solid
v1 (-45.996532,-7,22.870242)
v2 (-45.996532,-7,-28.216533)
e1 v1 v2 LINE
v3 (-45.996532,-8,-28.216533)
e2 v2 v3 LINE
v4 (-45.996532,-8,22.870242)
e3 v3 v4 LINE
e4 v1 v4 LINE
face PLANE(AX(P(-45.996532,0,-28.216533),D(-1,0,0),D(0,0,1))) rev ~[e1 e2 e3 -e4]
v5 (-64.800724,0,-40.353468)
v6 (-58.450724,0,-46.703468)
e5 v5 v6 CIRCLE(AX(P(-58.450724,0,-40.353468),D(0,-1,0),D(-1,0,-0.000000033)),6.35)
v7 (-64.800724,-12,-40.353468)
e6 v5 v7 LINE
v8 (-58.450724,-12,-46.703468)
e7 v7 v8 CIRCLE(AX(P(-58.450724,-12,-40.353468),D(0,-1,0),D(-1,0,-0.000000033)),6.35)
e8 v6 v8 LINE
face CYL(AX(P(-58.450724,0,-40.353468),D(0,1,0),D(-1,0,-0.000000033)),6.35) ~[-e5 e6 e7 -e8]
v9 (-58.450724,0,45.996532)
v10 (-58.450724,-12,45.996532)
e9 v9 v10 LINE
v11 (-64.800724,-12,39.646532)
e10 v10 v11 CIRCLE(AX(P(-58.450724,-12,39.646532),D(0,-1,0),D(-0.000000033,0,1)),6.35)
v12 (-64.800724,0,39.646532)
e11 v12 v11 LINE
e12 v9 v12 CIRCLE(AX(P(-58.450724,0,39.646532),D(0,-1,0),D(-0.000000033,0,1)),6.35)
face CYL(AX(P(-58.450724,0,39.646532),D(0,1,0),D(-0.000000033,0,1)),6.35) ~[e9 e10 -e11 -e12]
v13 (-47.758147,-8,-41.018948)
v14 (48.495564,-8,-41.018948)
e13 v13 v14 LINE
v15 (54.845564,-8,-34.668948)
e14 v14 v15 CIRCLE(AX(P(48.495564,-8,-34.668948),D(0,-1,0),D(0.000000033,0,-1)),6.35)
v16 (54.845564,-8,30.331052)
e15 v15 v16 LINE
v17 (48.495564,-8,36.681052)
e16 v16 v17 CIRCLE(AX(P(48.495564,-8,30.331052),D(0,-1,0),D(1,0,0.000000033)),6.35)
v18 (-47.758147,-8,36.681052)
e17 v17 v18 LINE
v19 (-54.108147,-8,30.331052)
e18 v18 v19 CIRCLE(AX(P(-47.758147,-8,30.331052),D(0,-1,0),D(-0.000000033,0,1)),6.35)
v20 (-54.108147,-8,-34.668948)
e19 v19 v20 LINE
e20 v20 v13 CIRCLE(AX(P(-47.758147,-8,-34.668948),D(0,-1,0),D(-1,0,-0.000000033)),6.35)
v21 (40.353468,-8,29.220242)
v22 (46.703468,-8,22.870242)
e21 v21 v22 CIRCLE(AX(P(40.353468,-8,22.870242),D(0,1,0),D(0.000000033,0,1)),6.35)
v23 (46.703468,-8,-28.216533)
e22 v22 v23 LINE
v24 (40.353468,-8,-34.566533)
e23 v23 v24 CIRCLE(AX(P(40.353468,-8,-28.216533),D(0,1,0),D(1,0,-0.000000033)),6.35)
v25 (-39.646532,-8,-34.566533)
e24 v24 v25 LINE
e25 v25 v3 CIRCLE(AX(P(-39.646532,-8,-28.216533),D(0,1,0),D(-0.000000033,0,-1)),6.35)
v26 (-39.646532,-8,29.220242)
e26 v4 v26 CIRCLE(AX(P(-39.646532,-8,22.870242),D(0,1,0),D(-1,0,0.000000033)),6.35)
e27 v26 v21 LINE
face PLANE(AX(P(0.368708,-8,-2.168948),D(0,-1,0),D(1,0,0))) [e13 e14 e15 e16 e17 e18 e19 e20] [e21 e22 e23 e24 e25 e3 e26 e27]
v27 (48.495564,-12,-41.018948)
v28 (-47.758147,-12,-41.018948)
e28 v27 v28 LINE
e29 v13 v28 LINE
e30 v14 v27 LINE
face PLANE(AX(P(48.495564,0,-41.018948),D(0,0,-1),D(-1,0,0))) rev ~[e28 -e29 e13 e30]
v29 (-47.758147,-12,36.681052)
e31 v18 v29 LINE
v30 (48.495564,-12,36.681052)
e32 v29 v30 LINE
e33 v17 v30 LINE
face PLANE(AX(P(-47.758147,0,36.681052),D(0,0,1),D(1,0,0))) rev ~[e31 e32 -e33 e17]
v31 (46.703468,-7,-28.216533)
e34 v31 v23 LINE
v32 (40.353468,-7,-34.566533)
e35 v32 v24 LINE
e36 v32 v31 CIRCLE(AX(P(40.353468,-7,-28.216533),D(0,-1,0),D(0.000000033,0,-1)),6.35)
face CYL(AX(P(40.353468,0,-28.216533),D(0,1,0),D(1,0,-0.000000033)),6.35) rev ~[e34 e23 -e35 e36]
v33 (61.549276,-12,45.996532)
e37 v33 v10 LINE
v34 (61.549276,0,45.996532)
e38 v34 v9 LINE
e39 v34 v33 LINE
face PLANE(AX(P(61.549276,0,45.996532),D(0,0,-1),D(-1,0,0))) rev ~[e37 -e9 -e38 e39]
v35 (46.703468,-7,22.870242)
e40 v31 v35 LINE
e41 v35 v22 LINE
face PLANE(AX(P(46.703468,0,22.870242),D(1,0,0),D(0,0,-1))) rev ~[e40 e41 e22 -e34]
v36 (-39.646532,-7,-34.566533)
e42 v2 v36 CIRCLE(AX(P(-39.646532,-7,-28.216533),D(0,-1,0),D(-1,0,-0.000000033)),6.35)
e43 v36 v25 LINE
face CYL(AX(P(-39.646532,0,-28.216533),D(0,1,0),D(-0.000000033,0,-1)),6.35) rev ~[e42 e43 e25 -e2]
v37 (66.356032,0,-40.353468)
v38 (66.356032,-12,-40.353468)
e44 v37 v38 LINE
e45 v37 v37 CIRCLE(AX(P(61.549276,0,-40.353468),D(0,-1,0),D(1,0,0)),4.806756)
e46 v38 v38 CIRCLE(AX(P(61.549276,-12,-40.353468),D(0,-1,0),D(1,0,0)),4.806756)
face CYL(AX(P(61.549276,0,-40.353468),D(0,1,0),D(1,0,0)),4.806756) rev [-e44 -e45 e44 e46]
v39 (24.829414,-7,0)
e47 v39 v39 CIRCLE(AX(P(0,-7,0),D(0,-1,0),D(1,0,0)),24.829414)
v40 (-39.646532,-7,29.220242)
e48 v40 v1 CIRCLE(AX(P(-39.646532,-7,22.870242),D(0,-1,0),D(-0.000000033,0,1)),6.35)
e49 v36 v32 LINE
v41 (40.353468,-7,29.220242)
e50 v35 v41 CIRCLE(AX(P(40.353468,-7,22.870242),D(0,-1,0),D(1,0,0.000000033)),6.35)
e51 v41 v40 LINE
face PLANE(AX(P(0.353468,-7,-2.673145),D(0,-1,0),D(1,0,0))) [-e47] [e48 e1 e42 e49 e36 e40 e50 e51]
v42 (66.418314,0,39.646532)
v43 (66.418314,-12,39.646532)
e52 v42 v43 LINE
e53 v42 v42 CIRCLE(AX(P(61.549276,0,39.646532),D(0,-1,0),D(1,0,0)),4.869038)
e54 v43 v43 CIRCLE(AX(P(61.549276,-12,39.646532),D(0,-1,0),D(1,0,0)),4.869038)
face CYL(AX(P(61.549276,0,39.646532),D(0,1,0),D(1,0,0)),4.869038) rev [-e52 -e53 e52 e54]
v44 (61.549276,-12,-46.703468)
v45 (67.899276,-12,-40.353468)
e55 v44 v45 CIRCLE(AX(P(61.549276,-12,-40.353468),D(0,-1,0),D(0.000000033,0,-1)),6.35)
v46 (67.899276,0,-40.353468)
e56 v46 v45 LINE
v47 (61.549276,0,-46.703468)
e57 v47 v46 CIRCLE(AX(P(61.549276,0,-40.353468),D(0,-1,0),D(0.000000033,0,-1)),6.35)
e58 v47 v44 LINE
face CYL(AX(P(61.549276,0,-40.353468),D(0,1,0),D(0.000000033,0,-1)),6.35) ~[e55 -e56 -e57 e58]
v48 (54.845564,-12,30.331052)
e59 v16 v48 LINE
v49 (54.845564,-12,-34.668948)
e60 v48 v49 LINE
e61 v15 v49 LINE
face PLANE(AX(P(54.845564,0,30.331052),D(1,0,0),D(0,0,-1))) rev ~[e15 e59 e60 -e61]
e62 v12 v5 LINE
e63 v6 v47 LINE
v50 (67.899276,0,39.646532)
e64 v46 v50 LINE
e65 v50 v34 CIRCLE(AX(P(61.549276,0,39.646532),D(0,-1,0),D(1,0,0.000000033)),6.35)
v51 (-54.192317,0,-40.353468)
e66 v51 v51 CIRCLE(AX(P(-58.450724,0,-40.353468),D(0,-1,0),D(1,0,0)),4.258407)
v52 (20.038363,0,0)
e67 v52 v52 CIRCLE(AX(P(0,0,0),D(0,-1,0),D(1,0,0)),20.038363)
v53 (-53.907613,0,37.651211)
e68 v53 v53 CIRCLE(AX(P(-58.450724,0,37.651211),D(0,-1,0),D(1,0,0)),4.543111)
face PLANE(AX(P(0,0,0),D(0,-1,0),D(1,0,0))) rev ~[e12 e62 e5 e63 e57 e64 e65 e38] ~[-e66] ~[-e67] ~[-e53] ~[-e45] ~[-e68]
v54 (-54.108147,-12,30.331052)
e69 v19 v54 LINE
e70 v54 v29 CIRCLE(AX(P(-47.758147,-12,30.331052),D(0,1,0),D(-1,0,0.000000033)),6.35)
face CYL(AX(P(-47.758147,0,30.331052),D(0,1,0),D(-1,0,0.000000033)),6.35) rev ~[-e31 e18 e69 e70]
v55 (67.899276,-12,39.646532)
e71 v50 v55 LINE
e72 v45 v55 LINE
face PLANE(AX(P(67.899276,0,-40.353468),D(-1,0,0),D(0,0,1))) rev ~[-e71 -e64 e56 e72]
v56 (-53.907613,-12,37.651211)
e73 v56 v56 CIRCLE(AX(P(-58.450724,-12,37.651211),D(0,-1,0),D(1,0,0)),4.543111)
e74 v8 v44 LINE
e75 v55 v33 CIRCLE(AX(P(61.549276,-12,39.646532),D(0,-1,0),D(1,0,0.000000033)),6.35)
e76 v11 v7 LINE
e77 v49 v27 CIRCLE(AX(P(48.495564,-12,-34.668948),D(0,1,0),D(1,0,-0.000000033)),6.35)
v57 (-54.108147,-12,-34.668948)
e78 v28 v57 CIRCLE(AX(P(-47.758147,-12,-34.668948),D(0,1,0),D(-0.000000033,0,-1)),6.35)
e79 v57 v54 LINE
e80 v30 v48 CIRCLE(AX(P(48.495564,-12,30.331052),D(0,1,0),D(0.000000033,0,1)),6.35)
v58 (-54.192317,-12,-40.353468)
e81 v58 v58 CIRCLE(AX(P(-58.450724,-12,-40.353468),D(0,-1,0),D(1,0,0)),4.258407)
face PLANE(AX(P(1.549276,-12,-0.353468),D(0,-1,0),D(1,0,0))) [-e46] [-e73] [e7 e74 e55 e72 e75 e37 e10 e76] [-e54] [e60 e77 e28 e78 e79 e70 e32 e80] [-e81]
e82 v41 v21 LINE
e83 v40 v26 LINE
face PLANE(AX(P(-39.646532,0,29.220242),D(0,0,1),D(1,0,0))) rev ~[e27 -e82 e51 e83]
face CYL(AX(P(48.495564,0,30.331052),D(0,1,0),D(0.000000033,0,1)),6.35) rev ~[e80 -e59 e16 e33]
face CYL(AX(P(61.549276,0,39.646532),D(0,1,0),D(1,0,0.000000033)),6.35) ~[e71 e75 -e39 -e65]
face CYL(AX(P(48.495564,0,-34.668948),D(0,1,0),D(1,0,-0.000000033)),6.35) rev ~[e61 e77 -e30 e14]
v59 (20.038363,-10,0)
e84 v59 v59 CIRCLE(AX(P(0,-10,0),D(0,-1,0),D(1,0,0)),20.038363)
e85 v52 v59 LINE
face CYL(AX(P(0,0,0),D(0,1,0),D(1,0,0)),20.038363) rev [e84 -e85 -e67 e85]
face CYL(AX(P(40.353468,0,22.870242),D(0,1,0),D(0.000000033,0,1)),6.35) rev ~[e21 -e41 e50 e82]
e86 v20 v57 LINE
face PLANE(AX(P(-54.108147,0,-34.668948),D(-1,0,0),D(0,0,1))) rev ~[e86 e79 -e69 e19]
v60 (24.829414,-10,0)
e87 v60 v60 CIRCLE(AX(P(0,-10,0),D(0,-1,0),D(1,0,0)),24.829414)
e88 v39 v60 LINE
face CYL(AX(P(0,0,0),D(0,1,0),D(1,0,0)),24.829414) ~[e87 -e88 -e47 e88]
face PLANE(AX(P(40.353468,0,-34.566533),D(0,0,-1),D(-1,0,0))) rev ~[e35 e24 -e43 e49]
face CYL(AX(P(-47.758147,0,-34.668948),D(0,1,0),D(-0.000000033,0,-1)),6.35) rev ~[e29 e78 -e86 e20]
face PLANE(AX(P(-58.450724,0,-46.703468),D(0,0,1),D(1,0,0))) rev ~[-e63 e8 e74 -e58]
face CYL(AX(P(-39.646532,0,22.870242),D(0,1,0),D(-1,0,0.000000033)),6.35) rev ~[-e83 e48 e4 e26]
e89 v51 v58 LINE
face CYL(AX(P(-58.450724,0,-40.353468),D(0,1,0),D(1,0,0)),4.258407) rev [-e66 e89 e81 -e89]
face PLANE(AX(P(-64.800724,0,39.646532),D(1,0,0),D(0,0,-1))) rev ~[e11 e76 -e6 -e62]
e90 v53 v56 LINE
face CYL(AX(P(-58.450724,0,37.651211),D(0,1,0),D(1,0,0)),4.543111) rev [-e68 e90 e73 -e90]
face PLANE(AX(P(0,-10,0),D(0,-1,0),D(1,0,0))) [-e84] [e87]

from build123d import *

# Parameters (mm, degrees)
F0_R     = 4.258407
F0_R_2   = 4.806756
F0_R_3   = 4.543111
F0_R_4   = 4.869038
F1_DEPTH = 12
F2_DEPTH = 8
F0_R_5   = 24.829414
F3_DEPTH = 7
F0_R_6   = 20.038363
F4_DEPTH = 10


with BuildPart() as f1:
    # F0 (on Front) → F1 (new body)
    with BuildSketch(Plane.XZ):
        with BuildLine():
            Line((61.549276, 45.996532), (-58.450724, 45.996532))
            ThreePointArc((-58.450724, 45.996532), (-62.940852, 44.13666), (-64.800724, 39.646532))
            Line((-64.800724, 39.646532), (-64.800724, -40.353468))
            ThreePointArc((-64.800724, -40.353468), (-62.940852, -44.843596), (-58.450724, -46.703468))
            Line((-58.450724, -46.703468), (61.549276, -46.703468))
            ThreePointArc((61.549276, -46.703468), (66.039404, -44.843596), (67.899276, -40.353468))
            Line((67.899276, -40.353468), (67.899276, 39.646532))
            ThreePointArc((67.899276, 39.646532), (66.039404, 44.13666), (61.549276, 45.996532))
        make_face()
        with Locations((-58.450724, -40.353468)):
            Circle(F0_R, mode=Mode.SUBTRACT)
        with BuildLine():
            ThreePointArc((-54.108147, 30.331052), (-52.248275, 34.82118), (-47.758147, 36.681052))
            Line((-47.758147, 36.681052), (48.495564, 36.681052))
            ThreePointArc((48.495564, 36.681052), (52.985692, 34.82118), (54.845564, 30.331052))
            Line((54.845564, 30.331052), (54.845564, -34.668948))
            ThreePointArc((54.845564, -34.668948), (52.985692, -39.159076), (48.495564, -41.018948))
            Line((48.495564, -41.018948), (-47.758147, -41.018948))
            ThreePointArc((-47.758147, -41.018948), (-52.248275, -39.159076), (-54.108147, -34.668948))
            Line((-54.108147, -34.668948), (-54.108147, 30.331052))
        make_face(mode=Mode.SUBTRACT)
        with Locations((61.549276, -40.353468)):
            Circle(F0_R_2, mode=Mode.SUBTRACT)
        with Locations((-58.450724, 37.651211)):
            Circle(F0_R_3, mode=Mode.SUBTRACT)
        with Locations((61.549276, 39.646532)):
            Circle(F0_R_4, mode=Mode.SUBTRACT)
    extrude(amount=F1_DEPTH)

    # F0 (on Front) → F2 (join)
    with BuildSketch(Plane.XZ):
        with BuildLine():
            Line((48.495564, 36.681052), (-47.758147, 36.681052))
            ThreePointArc((-47.758147, 36.681052), (-52.248275, 34.82118), (-54.108147, 30.331052))
            Line((-54.108147, 30.331052), (-54.108147, -34.668948))
            ThreePointArc((-54.108147, -34.668948), (-52.248275, -39.159076), (-47.758147, -41.018948))
            Line((-47.758147, -41.018948), (48.495564, -41.018948))
            ThreePointArc((48.495564, -41.018948), (52.985692, -39.159076), (54.845564, -34.668948))
            Line((54.845564, -34.668948), (54.845564, 30.331052))
            ThreePointArc((54.845564, 30.331052), (52.985692, 34.82118), (48.495564, 36.681052))
        make_face()
        with BuildLine():
            ThreePointArc((-45.996532, 22.870242), (-44.13666, 27.36037), (-39.646532, 29.220242))
            Line((-39.646532, 29.220242), (40.353468, 29.220242))
            ThreePointArc((40.353468, 29.220242), (44.843596, 27.36037), (46.703468, 22.870242))
            Line((46.703468, 22.870242), (46.703468, -28.216533))
            ThreePointArc((46.703468, -28.216533), (44.843596, -32.706661), (40.353468, -34.566533))
            Line((40.353468, -34.566533), (-39.646532, -34.566533))
            ThreePointArc((-39.646532, -34.566533), (-44.13666, -32.706661), (-45.996532, -28.216533))
            Line((-45.996532, -28.216533), (-45.996532, 22.870242))
        make_face(mode=Mode.SUBTRACT)
    extrude(amount=F2_DEPTH)

    # F0 (on Front) → F3 (join)
    with BuildSketch(Plane.XZ):
        with BuildLine():
            Line((40.353468, 29.220242), (-39.646532, 29.220242))
            ThreePointArc((-39.646532, 29.220242), (-44.13666, 27.36037), (-45.996532, 22.870242))
            Line((-45.996532, 22.870242), (-45.996532, -28.216533))
            ThreePointArc((-45.996532, -28.216533), (-44.13666, -32.706661), (-39.646532, -34.566533))
            Line((-39.646532, -34.566533), (40.353468, -34.566533))
            ThreePointArc((40.353468, -34.566533), (44.843596, -32.706661), (46.703468, -28.216533))
            Line((46.703468, -28.216533), (46.703468, 22.870242))
            ThreePointArc((46.703468, 22.870242), (44.843596, 27.36037), (40.353468, 29.220242))
        make_face()
        Circle(F0_R_5, mode=Mode.SUBTRACT)
    extrude(amount=F3_DEPTH)

    # F0 (on Front) → F4 (join)
    with BuildSketch(Plane.XZ):
        Circle(F0_R_5)
        Circle(F0_R_6, mode=Mode.SUBTRACT)
    extrude(amount=F4_DEPTH)


solid = f1.part
